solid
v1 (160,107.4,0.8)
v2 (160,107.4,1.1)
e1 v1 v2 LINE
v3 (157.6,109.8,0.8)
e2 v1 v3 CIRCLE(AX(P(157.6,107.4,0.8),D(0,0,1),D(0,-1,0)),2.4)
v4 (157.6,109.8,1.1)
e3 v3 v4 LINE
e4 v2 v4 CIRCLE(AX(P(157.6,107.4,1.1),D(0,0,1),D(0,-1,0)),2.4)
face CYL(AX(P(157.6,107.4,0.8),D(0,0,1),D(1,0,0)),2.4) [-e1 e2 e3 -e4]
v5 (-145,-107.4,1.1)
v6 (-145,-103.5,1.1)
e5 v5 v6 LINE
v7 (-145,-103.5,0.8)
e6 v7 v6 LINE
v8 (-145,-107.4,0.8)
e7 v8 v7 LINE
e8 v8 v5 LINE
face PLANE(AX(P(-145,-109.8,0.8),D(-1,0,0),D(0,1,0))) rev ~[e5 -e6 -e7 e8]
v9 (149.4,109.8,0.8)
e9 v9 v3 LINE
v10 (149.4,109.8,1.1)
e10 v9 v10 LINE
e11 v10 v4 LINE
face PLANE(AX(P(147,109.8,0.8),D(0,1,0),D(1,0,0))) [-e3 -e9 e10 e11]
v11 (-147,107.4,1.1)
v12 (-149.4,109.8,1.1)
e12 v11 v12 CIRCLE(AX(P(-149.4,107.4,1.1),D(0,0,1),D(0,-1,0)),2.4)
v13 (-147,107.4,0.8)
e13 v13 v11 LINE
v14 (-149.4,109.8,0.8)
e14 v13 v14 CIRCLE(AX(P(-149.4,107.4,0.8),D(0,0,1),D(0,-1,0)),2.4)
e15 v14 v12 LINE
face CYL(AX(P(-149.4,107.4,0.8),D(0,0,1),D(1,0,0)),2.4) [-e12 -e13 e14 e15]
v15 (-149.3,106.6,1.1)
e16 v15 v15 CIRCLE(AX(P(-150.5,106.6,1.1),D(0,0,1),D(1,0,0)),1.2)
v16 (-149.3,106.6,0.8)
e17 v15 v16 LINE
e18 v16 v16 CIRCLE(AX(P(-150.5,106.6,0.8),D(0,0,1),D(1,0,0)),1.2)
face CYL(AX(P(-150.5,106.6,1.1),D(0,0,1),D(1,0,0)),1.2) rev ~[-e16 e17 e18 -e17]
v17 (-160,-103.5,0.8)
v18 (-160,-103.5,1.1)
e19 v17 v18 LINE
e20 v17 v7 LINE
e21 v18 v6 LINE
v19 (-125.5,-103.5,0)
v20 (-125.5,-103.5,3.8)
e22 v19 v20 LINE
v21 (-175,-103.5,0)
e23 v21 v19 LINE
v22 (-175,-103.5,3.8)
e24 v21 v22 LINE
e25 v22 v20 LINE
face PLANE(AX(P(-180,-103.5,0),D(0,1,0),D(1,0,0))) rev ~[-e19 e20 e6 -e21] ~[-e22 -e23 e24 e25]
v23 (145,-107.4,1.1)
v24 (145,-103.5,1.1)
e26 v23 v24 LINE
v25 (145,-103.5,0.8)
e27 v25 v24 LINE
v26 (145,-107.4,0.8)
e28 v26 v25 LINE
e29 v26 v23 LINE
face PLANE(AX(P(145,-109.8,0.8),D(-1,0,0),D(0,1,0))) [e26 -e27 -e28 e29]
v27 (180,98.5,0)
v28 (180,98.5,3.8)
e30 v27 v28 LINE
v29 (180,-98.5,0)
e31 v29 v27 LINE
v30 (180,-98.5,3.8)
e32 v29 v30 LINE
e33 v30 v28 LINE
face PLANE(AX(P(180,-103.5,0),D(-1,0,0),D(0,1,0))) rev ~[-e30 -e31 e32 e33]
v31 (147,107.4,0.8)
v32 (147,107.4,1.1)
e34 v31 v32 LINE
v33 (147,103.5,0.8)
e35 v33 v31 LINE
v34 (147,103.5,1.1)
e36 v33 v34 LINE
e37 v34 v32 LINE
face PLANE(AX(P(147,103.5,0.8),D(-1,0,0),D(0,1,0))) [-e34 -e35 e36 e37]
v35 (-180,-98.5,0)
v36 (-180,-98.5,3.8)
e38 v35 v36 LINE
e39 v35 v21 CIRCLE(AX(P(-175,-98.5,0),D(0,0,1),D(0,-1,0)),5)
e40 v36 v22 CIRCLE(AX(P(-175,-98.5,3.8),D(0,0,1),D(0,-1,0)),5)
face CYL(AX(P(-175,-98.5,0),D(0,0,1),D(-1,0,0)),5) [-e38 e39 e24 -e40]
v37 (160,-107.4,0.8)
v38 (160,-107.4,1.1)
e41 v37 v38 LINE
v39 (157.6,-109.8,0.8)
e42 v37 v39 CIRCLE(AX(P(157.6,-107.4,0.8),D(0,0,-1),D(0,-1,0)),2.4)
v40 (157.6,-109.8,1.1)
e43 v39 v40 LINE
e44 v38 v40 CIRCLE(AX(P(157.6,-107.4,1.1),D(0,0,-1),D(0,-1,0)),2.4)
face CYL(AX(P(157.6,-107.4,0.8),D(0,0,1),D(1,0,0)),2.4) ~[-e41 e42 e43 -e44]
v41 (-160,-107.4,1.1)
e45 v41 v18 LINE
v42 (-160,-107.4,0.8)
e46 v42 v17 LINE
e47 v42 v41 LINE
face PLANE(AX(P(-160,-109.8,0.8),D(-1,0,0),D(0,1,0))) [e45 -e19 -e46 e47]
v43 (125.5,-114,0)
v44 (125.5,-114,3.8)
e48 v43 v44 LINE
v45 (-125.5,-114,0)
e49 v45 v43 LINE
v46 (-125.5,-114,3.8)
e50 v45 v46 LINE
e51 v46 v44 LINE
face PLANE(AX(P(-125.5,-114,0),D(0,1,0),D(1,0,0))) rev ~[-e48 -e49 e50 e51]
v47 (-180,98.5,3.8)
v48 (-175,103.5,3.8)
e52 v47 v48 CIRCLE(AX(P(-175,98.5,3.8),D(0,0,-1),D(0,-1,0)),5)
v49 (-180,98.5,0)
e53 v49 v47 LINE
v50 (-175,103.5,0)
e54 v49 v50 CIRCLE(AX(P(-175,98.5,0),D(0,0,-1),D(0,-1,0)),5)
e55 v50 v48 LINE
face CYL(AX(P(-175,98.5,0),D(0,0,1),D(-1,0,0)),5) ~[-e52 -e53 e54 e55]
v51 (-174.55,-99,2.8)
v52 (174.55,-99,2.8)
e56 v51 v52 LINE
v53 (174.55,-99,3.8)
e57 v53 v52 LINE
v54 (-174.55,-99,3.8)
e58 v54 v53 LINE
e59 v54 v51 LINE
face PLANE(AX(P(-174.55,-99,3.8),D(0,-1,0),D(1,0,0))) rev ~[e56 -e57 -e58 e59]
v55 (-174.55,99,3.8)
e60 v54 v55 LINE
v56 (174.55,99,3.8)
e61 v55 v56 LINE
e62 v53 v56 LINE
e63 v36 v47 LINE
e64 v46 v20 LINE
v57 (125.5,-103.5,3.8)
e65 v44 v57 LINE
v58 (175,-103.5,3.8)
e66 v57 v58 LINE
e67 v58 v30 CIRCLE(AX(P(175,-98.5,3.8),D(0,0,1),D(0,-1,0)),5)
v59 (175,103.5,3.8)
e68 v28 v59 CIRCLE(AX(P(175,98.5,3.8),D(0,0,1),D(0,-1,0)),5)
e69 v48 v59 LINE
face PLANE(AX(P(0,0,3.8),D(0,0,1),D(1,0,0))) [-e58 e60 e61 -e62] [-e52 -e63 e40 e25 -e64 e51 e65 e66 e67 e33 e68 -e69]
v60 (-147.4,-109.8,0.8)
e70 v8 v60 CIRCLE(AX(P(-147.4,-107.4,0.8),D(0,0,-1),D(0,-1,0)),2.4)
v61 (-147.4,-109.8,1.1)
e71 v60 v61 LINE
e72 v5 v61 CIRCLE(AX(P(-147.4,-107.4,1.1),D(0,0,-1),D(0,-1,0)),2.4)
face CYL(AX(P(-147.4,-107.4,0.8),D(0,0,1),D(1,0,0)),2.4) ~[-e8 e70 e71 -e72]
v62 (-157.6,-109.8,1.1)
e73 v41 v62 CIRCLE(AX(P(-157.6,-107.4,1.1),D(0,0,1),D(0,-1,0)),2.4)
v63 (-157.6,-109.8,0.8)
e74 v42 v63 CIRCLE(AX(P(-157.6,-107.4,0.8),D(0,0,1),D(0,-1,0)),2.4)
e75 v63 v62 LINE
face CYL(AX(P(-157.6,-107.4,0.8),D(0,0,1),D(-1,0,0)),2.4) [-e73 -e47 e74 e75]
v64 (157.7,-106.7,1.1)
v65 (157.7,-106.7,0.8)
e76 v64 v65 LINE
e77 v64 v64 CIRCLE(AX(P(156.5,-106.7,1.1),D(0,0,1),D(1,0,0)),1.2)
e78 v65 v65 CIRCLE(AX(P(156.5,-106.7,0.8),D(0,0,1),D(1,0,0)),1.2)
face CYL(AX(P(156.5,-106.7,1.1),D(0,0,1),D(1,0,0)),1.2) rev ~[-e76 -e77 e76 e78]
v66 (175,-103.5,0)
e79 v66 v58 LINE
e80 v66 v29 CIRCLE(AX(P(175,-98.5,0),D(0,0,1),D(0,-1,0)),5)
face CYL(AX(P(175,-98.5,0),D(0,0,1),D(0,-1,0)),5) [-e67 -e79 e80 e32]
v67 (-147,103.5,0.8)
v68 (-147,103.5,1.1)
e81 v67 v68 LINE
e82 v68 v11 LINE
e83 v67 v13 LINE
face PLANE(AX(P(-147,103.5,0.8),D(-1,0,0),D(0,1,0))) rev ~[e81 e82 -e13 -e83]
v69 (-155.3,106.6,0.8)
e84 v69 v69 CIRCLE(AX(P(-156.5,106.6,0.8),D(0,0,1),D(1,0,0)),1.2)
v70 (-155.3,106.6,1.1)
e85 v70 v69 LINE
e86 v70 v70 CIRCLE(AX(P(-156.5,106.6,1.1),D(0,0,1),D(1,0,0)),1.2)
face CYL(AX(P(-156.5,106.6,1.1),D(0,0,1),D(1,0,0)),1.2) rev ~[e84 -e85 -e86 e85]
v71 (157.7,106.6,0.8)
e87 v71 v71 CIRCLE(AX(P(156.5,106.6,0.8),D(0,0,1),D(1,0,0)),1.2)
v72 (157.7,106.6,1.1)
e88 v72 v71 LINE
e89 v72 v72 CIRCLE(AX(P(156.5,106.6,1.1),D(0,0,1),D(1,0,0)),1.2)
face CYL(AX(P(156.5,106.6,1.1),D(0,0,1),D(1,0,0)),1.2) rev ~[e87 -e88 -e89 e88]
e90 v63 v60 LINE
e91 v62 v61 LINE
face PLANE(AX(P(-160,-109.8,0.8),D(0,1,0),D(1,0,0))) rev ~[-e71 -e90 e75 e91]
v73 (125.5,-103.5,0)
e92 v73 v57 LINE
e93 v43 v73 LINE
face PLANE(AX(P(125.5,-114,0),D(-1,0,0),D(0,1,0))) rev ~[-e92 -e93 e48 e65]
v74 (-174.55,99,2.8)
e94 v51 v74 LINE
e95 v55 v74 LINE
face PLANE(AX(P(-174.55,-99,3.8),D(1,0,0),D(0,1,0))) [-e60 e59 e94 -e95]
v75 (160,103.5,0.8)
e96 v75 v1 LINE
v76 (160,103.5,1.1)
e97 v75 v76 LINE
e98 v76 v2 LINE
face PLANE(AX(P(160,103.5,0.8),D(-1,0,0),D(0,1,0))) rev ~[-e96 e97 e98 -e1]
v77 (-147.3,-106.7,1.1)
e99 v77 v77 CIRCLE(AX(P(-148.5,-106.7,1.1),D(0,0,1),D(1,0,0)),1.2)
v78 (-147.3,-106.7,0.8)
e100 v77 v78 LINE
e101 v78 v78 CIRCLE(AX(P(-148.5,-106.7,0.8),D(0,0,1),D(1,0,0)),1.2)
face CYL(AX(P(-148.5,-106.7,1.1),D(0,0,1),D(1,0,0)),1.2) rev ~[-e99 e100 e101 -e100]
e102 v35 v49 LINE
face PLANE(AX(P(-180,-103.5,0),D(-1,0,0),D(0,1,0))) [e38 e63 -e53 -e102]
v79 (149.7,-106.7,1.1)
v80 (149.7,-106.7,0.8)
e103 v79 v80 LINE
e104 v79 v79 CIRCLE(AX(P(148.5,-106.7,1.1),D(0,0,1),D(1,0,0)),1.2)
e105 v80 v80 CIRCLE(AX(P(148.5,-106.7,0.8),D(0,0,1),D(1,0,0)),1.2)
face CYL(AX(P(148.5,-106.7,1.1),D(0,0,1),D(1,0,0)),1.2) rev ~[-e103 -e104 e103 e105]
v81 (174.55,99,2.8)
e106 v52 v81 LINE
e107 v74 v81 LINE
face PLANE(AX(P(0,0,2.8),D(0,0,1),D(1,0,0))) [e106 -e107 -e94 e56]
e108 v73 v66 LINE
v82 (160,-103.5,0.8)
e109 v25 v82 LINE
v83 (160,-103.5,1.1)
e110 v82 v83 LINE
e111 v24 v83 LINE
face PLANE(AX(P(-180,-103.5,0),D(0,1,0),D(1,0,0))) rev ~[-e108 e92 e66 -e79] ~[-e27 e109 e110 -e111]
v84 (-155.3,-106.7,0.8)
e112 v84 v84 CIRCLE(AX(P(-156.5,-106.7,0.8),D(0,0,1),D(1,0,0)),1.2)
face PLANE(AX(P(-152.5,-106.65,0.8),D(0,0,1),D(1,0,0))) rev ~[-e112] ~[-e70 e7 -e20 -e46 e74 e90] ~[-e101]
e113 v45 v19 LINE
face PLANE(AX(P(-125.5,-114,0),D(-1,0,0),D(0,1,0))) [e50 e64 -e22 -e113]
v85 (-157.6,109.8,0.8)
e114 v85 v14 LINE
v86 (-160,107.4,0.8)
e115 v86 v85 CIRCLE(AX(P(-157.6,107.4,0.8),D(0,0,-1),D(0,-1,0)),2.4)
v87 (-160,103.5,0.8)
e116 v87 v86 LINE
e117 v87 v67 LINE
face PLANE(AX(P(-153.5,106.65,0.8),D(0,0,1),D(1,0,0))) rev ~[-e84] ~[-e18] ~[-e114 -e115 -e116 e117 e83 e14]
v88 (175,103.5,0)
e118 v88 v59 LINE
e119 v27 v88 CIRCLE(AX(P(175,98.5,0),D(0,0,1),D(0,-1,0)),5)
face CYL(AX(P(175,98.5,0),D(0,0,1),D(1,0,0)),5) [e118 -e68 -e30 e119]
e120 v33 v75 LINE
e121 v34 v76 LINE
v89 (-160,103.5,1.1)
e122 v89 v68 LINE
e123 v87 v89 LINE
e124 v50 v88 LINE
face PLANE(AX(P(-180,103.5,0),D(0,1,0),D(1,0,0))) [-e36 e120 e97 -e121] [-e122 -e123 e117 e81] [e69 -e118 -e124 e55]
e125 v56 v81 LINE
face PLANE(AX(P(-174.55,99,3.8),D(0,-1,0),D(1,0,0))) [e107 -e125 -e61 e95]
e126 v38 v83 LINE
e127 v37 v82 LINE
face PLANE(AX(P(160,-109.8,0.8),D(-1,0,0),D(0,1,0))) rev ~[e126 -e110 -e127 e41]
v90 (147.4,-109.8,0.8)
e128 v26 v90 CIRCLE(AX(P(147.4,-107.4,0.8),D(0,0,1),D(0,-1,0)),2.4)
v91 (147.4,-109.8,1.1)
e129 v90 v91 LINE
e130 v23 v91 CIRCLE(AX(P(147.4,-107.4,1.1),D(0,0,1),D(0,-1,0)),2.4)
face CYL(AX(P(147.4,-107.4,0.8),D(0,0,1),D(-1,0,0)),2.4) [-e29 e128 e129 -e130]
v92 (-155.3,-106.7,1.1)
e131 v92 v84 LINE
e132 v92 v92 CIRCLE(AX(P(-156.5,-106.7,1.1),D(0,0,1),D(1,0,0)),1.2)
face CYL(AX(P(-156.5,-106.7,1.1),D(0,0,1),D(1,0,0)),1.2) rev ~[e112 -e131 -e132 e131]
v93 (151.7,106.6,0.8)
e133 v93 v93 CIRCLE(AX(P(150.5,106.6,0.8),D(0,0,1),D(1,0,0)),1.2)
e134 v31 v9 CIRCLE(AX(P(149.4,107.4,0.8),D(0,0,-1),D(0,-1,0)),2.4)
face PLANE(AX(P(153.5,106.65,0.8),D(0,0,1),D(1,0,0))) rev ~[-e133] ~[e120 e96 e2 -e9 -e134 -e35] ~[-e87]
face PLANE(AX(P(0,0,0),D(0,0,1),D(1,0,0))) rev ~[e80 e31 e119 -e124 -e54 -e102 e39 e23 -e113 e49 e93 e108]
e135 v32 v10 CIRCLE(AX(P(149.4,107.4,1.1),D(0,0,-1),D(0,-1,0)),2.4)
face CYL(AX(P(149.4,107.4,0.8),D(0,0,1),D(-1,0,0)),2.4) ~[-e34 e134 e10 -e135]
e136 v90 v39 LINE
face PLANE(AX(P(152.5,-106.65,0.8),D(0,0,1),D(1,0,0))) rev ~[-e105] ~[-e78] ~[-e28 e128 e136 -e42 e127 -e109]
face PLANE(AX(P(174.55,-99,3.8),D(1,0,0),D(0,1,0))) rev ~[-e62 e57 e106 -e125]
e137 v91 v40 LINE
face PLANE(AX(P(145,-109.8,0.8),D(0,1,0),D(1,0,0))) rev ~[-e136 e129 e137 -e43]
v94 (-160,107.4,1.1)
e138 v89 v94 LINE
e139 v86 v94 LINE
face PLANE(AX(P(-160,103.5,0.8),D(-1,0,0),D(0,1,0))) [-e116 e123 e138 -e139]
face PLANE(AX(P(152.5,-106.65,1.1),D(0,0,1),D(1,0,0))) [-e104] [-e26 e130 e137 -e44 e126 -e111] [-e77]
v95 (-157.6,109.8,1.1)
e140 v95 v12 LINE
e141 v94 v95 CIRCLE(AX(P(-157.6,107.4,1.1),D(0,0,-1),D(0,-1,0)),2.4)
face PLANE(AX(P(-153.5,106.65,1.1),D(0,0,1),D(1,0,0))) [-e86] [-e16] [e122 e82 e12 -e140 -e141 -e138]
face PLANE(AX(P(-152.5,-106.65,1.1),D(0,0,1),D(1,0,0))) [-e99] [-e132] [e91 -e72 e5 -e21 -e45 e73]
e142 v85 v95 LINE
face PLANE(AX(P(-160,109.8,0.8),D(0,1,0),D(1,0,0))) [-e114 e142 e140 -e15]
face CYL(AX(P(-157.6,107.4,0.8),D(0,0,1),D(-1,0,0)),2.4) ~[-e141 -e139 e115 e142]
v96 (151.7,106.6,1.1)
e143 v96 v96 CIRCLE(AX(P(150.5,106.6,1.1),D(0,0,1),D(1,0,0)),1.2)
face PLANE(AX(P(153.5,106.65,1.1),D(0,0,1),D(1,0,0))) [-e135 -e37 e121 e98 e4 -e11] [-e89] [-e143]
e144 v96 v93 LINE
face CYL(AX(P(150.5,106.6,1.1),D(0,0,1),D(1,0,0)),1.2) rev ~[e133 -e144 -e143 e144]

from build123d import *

# Parameters (mm, degrees)
F0_W      = 360
F0_H      = 207
F1_DEPTH  = 3.8
F2_R      = 5
F3_W      = 349.1
F3_H      = 198
F4_DEPTH  = 1
F6_W      = 13
F6_H      = 6.3
F6_W_2    = 15
F7_DEPTH  = 0.3
F8_R      = 2.4
F9_R      = 1.2
F10_DEPTH = 1.101
F11_W     = 251
F11_H     = 10.5
F12_DEPTH = 3.8


with BuildPart() as f1:
    # F0 (on Top) → F1 (new body)
    with BuildSketch(Plane.XY):
        Rectangle(F0_W, F0_H)
    extrude(amount=F1_DEPTH)

    # F2
    f2_edges = [f1.edges().sort_by_distance(p)[0] for p in [
        (180, 103.5, 1.9),
        (-180, 103.5, 1.9),
        (-180, -103.5, 1.9),
        (180, -103.5, 1.9),
    ]]
    fillet(f2_edges, radius=F2_R)

    # F3 (on face) → F4 (cut)
    with BuildSketch(Plane.XY.offset(3.8)):
        Rectangle(F3_W, F3_H)
    extrude(amount=-F4_DEPTH, mode=Mode.SUBTRACT)

    # F6 (on offset) → F7 (join)
    with BuildSketch(Plane.XY.offset(0.8)):
        with Locations((-153.5, 106.65)):
            Rectangle(F6_W, F6_H)
        with Locations((153.5, 106.65)):
            Rectangle(F6_W, F6_H)
        with Locations((-152.5, -106.65)):
            Rectangle(F6_W_2, F6_H)
        with Locations((152.5, -106.65)):
            Rectangle(F6_W_2, F6_H)
    extrude(amount=F7_DEPTH)

    # F8
    f8_edges = [f1.edges().sort_by_distance(p)[0] for p in [
        (-160, 109.8, 0.95),
        (-147, 109.8, 0.95),
        (147, 109.8, 0.95),
        (160, 109.8, 0.95),
        (145, -109.8, 0.95),
        (160, -109.8, 0.95),
        (-160, -109.8, 0.95),
        (-145, -109.8, 0.95),
    ]]
    fillet(f8_edges, radius=F8_R)

    # F9 (on face) → F10 (cut, through all)
    with BuildSketch(Plane.XY.offset(1.1)):
        with Locations((-156.5, 106.6)):
            Circle(F9_R)
        with Locations((-150.5, 106.6)):
            Circle(F9_R)
        with Locations((150.5, 106.6)):
            Circle(F9_R)
        with Locations((156.5, 106.6)):
            Circle(F9_R)
        with Locations((148.5, -106.7)):
            Circle(F9_R)
        with Locations((156.5, -106.7)):
            Circle(F9_R)
        with Locations((-156.5, -106.7)):
            Circle(F9_R)
        with Locations((-148.5, -106.7)):
            Circle(F9_R)
    extrude(amount=-F10_DEPTH, mode=Mode.SUBTRACT)

    # F11 (on Top) → F12 (join)
    with BuildSketch(Plane.XY):
        with Locations((0, -108.75)):
            Rectangle(F11_W, F11_H)
    extrude(amount=F12_DEPTH)


solid = f1.part
